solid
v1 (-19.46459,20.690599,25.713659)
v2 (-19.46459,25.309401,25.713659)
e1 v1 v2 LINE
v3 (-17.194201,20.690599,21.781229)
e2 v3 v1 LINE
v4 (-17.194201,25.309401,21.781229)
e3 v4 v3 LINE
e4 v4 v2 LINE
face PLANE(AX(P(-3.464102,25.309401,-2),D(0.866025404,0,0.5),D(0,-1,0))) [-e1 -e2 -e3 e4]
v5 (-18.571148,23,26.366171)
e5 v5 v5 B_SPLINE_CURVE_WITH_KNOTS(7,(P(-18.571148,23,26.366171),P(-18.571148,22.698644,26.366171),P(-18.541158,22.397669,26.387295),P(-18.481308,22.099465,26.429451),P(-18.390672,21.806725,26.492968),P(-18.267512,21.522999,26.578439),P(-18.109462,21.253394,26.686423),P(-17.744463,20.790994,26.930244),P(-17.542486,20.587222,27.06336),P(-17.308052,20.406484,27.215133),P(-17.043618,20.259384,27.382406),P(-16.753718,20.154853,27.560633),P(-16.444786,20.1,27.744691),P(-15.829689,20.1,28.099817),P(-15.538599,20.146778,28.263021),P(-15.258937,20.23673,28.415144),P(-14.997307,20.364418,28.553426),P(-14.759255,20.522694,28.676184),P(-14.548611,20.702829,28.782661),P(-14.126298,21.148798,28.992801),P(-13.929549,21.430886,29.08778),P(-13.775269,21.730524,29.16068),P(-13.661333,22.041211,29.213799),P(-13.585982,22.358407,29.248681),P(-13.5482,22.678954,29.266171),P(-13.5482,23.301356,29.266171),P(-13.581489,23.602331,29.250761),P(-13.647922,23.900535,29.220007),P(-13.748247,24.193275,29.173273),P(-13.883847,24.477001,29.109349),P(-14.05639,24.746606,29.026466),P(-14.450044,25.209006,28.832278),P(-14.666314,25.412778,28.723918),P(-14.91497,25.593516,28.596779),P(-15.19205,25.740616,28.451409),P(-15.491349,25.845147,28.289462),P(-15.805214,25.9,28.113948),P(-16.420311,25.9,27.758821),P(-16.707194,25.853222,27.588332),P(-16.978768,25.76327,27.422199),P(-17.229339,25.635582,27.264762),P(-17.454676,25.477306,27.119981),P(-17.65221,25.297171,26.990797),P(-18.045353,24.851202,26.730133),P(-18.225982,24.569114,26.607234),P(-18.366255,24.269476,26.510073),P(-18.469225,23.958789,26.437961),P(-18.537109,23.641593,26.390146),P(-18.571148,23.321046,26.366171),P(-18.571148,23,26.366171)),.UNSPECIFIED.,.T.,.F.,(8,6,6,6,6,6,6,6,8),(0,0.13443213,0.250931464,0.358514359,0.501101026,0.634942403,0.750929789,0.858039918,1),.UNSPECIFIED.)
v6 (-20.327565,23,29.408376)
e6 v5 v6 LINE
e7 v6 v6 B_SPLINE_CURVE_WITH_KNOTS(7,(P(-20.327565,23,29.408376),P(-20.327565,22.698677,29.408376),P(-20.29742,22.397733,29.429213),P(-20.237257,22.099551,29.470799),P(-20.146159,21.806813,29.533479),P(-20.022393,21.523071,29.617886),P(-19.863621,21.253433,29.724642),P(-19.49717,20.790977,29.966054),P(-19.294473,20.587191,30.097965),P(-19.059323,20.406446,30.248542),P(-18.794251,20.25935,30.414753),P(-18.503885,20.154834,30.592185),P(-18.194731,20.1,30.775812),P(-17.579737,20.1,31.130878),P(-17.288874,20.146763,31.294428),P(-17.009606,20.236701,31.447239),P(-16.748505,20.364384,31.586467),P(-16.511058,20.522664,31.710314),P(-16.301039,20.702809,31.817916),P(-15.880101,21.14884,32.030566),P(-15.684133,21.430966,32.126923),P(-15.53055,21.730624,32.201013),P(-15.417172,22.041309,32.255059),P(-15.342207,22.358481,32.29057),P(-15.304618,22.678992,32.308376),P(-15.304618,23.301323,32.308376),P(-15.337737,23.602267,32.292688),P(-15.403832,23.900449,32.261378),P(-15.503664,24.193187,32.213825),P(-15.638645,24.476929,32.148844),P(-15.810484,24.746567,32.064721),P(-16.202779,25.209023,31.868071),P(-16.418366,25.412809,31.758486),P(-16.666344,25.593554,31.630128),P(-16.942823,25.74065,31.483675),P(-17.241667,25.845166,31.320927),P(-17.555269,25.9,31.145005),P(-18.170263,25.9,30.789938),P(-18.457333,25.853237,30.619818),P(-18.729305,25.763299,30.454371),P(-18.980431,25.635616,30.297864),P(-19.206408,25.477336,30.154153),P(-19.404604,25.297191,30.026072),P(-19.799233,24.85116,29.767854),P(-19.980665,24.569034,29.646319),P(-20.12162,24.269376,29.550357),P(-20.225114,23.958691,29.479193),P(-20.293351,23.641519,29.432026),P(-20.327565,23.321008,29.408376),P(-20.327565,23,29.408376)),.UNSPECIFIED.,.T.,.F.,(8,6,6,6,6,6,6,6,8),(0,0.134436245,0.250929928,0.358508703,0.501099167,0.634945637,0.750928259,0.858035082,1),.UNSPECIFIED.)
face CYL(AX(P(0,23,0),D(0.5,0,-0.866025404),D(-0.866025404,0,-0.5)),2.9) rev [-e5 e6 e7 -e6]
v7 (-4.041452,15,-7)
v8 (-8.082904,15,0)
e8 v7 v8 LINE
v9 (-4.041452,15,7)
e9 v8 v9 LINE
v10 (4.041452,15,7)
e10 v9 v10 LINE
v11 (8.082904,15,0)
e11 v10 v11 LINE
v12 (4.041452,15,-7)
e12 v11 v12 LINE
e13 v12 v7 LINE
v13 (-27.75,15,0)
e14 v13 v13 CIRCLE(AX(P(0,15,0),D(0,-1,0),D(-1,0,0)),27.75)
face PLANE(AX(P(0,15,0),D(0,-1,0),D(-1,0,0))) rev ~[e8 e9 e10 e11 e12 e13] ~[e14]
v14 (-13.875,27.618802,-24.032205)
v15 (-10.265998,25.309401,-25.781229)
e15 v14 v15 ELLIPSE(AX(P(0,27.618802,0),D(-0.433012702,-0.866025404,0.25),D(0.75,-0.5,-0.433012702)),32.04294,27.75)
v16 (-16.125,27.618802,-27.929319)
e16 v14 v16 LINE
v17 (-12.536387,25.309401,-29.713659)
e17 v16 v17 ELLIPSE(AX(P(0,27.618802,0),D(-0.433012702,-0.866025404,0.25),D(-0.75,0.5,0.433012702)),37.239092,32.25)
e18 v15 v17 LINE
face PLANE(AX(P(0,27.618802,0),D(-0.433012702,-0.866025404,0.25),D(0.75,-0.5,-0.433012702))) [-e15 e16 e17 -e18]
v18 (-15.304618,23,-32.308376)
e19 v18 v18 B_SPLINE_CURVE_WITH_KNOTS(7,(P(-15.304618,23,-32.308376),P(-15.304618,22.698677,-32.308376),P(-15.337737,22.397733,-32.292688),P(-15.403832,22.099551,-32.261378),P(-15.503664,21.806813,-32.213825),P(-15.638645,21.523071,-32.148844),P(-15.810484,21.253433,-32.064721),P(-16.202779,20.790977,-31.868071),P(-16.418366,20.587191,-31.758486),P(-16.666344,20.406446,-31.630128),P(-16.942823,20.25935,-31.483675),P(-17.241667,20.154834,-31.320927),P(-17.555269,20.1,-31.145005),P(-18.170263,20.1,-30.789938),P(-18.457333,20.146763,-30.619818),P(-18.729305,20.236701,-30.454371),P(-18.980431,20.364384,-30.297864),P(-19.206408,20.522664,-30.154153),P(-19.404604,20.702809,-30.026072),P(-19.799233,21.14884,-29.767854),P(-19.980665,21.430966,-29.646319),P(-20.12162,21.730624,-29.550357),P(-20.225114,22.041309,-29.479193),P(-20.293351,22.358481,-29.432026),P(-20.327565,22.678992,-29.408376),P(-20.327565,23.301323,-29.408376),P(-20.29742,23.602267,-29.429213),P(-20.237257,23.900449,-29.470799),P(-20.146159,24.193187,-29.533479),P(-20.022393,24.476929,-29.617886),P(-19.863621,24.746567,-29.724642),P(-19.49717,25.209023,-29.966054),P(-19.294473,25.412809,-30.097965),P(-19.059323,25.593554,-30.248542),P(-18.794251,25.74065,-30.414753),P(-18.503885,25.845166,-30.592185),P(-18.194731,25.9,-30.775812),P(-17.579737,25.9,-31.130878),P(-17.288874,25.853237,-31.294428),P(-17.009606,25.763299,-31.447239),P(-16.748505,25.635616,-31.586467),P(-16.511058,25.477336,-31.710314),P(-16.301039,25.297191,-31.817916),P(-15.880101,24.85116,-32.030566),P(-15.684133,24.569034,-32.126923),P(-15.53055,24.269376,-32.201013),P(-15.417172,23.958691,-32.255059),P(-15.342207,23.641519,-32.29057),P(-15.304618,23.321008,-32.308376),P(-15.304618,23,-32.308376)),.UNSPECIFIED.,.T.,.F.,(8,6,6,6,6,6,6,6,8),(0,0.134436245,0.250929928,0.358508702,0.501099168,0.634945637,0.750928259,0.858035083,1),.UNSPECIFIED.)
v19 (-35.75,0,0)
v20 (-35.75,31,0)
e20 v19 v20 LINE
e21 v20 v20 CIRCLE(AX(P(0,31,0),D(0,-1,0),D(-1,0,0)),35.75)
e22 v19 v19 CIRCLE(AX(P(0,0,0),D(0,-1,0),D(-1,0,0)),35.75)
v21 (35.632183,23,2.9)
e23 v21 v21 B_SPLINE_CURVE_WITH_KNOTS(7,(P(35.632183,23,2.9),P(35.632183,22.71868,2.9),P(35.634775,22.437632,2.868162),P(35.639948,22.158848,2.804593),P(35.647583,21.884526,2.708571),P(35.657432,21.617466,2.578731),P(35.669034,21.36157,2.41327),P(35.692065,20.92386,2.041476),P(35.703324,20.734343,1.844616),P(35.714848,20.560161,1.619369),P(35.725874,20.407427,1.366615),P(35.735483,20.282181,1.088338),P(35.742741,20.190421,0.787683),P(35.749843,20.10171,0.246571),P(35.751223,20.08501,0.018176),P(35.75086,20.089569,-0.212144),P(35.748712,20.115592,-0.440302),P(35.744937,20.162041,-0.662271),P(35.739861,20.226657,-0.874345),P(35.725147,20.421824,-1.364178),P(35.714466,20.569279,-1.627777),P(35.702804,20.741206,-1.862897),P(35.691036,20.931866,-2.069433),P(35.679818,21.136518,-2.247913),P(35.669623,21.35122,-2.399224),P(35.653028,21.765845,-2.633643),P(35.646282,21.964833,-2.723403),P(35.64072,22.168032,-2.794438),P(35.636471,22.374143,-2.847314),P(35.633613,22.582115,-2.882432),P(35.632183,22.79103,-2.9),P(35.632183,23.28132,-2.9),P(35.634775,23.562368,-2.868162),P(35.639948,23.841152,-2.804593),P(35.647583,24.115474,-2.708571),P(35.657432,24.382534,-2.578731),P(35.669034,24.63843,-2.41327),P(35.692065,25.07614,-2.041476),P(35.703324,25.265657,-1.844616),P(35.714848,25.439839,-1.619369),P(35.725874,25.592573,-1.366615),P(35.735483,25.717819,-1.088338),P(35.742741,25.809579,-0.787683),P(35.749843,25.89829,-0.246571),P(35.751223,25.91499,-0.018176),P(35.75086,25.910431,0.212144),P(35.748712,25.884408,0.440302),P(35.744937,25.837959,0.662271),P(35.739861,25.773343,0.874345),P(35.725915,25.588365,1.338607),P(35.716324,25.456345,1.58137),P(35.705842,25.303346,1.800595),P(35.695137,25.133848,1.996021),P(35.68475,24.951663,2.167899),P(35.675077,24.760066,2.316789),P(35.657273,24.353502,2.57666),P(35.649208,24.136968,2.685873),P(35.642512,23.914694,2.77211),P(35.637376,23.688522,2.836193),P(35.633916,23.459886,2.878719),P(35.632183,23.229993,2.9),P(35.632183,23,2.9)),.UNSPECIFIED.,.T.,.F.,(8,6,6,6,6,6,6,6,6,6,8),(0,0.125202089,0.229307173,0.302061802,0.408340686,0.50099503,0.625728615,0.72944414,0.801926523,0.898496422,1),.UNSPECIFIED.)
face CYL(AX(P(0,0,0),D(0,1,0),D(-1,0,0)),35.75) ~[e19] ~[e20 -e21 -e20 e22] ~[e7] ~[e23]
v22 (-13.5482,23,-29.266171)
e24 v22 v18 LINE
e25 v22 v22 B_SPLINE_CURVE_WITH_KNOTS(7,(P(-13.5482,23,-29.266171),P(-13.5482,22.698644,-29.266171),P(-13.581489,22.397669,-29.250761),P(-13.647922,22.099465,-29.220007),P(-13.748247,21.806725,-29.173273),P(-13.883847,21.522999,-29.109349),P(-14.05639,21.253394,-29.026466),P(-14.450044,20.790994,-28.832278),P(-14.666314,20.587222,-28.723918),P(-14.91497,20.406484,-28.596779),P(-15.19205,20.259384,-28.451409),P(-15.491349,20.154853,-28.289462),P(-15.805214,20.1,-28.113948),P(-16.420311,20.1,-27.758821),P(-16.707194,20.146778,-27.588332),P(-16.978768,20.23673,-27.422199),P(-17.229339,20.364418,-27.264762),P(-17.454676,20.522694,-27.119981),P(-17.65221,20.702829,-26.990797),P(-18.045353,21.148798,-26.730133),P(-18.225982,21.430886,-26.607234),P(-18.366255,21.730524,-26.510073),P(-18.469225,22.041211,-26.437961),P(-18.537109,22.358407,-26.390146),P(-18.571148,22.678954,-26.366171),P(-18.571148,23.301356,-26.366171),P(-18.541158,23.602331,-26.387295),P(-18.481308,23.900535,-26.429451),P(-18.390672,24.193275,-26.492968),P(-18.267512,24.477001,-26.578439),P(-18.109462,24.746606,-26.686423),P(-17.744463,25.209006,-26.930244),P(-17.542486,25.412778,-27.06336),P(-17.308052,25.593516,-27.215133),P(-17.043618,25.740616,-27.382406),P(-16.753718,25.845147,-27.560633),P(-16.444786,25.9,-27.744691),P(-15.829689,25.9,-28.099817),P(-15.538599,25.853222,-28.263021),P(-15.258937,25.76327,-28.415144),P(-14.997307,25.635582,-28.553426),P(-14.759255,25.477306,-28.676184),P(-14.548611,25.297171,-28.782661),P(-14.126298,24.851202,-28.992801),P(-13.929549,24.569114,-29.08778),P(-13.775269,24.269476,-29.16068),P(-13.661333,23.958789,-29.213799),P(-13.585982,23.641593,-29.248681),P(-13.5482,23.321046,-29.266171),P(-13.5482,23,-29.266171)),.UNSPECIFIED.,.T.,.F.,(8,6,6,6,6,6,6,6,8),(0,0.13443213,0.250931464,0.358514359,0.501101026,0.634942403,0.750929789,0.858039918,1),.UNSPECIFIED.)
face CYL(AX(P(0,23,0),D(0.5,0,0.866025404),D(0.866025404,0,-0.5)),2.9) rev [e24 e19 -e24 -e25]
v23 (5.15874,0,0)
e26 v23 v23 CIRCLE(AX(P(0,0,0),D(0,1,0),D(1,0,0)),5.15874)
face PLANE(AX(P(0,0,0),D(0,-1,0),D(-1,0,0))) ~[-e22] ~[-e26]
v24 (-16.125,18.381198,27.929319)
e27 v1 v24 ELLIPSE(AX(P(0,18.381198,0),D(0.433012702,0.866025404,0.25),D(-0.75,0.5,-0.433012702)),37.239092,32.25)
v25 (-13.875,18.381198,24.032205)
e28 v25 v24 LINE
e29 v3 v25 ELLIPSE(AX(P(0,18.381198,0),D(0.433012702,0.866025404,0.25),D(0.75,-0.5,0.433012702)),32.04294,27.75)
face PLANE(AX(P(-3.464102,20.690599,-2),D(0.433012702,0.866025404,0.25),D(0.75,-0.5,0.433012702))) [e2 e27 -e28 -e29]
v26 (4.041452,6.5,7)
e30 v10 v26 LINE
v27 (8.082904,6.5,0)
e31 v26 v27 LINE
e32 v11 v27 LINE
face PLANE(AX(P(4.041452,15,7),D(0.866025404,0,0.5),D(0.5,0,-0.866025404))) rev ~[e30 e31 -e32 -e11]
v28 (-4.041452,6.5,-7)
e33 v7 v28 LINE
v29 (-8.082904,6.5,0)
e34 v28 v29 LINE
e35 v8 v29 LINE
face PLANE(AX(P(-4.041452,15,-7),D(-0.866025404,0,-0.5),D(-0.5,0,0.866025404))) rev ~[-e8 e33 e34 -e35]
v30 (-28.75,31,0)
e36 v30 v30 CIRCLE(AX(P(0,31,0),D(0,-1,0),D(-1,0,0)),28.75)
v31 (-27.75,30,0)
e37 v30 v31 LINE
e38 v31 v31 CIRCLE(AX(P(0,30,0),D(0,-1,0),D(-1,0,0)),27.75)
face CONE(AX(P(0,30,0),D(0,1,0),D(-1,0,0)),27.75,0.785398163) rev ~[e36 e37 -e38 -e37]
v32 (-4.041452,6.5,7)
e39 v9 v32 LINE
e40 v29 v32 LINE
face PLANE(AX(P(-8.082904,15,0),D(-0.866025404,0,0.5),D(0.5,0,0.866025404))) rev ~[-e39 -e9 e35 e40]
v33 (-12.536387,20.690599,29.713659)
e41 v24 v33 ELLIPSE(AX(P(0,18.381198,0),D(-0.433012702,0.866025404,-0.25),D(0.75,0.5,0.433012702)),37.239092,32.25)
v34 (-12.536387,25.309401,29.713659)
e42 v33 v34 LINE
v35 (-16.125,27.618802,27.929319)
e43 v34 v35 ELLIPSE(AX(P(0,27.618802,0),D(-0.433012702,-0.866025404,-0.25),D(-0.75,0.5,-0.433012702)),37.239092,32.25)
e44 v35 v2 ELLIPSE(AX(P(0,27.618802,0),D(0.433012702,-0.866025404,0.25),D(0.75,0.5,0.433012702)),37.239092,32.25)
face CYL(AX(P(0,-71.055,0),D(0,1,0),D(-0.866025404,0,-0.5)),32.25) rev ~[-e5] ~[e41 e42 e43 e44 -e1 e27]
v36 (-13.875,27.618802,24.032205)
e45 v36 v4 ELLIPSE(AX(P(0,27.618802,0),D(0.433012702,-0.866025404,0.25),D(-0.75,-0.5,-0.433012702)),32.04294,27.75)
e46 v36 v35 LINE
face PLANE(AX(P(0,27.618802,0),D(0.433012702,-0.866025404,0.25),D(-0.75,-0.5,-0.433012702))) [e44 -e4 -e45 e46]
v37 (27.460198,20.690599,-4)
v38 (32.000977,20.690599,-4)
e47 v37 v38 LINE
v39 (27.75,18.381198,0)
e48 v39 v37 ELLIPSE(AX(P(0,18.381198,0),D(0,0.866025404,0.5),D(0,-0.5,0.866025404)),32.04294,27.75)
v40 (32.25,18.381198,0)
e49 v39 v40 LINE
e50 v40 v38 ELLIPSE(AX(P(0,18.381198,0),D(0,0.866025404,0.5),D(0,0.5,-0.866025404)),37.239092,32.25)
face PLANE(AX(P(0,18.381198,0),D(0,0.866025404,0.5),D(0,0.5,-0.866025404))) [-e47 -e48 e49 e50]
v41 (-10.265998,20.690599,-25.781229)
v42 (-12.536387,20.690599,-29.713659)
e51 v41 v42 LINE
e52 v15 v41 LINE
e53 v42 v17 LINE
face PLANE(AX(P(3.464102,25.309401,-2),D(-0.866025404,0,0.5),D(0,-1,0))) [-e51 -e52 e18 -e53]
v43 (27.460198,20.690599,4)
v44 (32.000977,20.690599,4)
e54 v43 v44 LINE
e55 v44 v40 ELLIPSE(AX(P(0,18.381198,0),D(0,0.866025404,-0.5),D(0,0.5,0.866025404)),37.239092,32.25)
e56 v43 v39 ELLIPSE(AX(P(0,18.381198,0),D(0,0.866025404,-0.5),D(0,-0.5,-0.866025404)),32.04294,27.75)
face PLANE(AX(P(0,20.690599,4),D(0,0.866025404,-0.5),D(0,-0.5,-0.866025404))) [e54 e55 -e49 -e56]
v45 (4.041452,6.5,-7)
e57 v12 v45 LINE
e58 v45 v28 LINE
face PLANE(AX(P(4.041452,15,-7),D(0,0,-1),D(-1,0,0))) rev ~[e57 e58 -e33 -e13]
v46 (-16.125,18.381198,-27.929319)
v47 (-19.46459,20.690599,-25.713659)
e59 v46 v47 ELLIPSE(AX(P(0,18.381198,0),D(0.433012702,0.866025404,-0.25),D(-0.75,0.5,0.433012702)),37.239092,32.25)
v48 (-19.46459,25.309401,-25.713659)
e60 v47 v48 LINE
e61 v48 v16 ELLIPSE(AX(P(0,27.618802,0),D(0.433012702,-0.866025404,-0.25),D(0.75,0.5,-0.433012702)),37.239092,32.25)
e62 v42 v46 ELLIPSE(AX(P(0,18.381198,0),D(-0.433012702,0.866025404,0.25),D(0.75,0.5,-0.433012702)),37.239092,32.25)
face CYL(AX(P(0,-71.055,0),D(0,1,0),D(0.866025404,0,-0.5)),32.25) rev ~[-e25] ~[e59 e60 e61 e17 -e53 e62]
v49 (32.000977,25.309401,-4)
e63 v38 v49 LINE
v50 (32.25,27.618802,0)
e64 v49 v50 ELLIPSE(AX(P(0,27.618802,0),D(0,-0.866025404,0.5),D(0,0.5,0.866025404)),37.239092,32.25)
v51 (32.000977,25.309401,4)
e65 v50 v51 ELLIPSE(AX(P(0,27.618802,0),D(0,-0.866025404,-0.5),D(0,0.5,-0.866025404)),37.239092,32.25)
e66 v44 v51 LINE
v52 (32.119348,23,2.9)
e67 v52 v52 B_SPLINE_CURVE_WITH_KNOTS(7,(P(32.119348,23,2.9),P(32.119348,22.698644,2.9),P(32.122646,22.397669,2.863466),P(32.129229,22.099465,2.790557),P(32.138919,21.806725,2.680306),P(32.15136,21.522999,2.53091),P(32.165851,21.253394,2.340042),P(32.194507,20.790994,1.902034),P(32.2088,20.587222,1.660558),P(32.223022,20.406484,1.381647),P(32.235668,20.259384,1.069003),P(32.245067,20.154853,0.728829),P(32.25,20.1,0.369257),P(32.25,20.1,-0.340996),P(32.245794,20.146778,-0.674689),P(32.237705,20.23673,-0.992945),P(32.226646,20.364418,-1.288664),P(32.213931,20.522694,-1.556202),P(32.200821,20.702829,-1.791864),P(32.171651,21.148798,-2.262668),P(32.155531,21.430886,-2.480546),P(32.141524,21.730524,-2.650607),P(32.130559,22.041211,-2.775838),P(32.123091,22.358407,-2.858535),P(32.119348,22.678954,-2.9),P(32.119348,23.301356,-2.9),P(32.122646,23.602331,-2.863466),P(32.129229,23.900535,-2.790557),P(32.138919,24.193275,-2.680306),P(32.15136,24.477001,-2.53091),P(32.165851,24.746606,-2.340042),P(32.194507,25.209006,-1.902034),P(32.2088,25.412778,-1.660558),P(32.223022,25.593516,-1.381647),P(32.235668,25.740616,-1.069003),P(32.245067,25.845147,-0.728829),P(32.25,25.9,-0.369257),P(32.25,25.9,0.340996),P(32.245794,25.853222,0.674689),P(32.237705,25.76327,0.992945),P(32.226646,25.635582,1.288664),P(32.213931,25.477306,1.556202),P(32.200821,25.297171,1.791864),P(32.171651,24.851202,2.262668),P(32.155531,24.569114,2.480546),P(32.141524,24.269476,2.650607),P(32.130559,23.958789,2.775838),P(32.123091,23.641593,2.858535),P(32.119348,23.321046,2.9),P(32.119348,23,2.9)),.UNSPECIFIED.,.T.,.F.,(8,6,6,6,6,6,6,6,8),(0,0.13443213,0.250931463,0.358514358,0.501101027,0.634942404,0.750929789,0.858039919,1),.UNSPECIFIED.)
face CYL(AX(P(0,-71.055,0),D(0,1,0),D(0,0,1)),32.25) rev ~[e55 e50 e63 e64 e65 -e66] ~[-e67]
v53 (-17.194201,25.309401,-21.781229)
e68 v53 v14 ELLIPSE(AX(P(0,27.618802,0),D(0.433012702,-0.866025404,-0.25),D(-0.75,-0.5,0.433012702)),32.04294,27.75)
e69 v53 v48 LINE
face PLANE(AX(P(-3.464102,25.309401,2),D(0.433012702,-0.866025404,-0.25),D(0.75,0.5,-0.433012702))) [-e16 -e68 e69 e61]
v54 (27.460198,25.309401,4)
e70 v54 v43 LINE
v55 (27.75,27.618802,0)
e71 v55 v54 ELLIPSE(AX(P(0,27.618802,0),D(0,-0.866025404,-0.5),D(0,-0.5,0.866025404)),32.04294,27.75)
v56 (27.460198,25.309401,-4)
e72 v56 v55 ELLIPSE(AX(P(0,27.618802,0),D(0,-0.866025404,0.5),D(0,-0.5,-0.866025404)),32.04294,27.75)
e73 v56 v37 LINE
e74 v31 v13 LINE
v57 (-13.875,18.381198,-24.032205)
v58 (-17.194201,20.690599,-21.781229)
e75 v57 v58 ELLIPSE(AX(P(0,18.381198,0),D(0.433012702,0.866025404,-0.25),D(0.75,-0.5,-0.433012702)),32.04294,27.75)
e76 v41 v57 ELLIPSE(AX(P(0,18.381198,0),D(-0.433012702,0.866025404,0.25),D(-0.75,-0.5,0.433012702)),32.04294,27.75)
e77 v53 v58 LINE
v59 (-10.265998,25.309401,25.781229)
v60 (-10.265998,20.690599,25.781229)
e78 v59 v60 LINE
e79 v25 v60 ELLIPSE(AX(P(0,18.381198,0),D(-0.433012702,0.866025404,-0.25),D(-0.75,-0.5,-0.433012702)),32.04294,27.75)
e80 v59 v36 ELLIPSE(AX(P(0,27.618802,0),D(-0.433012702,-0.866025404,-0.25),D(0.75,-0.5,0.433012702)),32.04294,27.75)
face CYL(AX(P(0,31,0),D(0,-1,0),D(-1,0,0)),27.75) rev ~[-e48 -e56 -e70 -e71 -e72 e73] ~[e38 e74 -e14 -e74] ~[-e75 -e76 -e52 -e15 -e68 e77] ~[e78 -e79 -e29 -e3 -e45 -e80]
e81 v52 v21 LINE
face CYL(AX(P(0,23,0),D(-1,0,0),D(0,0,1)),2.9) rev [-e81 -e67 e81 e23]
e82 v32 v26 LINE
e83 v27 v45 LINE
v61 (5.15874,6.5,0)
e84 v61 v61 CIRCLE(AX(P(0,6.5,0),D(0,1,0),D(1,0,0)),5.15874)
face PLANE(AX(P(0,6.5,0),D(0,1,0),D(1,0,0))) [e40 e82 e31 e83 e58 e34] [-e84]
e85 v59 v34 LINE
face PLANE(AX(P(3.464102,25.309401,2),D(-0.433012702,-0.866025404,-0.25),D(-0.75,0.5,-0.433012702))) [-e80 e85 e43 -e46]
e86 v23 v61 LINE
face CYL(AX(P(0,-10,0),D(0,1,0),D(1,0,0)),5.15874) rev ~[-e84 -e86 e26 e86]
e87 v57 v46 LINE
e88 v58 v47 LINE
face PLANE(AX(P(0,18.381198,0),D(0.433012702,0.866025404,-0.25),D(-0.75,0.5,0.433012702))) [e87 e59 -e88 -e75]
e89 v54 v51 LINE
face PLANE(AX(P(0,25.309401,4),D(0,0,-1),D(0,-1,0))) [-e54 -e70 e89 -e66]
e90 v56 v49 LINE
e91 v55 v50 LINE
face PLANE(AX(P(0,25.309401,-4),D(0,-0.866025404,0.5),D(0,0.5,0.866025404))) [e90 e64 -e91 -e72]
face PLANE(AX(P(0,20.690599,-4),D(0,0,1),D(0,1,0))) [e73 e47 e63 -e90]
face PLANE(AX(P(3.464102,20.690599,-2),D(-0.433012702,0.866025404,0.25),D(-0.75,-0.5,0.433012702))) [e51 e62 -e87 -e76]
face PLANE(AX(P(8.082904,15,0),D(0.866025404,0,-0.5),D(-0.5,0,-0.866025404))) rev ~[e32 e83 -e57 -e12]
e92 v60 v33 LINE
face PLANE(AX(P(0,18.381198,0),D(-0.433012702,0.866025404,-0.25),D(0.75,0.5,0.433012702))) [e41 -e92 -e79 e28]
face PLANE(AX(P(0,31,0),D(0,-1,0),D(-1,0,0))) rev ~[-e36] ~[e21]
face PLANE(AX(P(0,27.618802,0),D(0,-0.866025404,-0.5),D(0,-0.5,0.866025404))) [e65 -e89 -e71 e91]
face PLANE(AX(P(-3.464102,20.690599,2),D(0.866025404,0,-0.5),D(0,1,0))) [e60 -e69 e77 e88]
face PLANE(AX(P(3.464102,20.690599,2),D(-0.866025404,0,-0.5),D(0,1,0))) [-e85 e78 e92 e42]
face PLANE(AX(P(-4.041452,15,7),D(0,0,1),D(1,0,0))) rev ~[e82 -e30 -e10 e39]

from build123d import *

# Parameters (mm, degrees)
CUT_EXTRUDE_1_REACH      = 61.305
CUT_EXTRUDE_1_END_RADIUS = 32.25
SKETCH_3_R               = 2.9
CUT_EXTRUDE_2_DEPTH      = 60.30535389
PATTERN_CIRCULAR_1_COUNT = 3
CUT_EXTRUDE_5_DEPTH      = 8.5
HOLE_WIZARD_3_8_1_D      = 10.31748
HOLE_WIZARD_3_8_1_DEPTH  = 10
HOLE_WIZARD_3_8_1_TIP    = 3.09968371
CHAMFER_1_SIZE           = 1


with BuildPart() as part:
    # 草圖1 → 旋轉1 (revolve)
    with BuildSketch(Plane.XY, mode=Mode.PRIVATE) as revolve_1_sk:
        Polygon((0, 15), (0, 0), (35.75, 0), (35.75, 31), (27.75, 31), (27.75, 15), align=None)
    revolve(revolve_1_sk.sketch.rotate(Axis((0, 38.135683761, 0), (0, -1, 0)), 180), axis=Axis((0, 38.135683761, 0), (0, -1, 0)))

    # 除料-伸長1: up to this cylinder (the profile starts inside it)
    cut_extrude_1_end = Plane(origin=(0, 23, 0), z_dir=(0, 1, 0)) * Cylinder(CUT_EXTRUDE_1_END_RADIUS, 188.11, mode=Mode.PRIVATE)
    # 草圖2 → 除料-伸長1 (cut, up to the surface)
    with BuildSketch(Plane(origin=(0, 0, 0), x_dir=(0, 0, -1), z_dir=(1, 0, 0)), mode=Mode.PRIVATE) as cut_extrude_1_sk1:
        Polygon((0, 27.618802154), (-4, 25.309401077), (-4, 20.690598923), (0, 18.381197846), (4, 20.690598923), (4, 25.309401077), align=None)
    cut_extrude_1_tool1 = extrude(cut_extrude_1_sk1.sketch, amount=CUT_EXTRUDE_1_REACH, mode=Mode.PRIVATE) & cut_extrude_1_end
    cut_extrude_1 = cut_extrude_1_tool1.solids().sort_by_distance((0, 23, 0))[0]
    add(cut_extrude_1, mode=Mode.SUBTRACT)

    # 草圖3 → 除料-伸長2 (cut, through all)
    with BuildSketch(Plane(origin=(0, 0, 0), x_dir=(0, 0, -1), z_dir=(1, 0, 0))):
        with Locations(Location((0, 23, 0), (0, 0, 180))):
            Circle(SKETCH_3_R)
    cut_extrude_2 = extrude(amount=CUT_EXTRUDE_2_DEPTH, mode=Mode.SUBTRACT)

    # 環狀複製排列1: 除料-伸長1, 除料-伸長2 ×3 about axis
    pattern_circular_1_axis = Axis((0, 0, 0), (0, 1, 0))
    add([cut_extrude_1.rotate(pattern_circular_1_axis, i * 360 / PATTERN_CIRCULAR_1_COUNT) for i in range(1, PATTERN_CIRCULAR_1_COUNT)], mode=Mode.SUBTRACT)
    add([cut_extrude_2.rotate(pattern_circular_1_axis, i * 360 / PATTERN_CIRCULAR_1_COUNT) for i in range(1, PATTERN_CIRCULAR_1_COUNT)], mode=Mode.SUBTRACT)

    # 草圖6 → 除料-伸長5 (cut)
    with BuildSketch(Plane(origin=(0, 15, 0), x_dir=(1, 0, 0), z_dir=(0, 1, 0))):
        Polygon((8.082903769, 0), (4.041451884, 7), (-4.041451884, 7), (-8.082903769, 0), (-4.041451884, -7), (4.041451884, -7), align=None)
    extrude(amount=-CUT_EXTRUDE_5_DEPTH, mode=Mode.SUBTRACT)

    # 3/8 餘隙孔1
    with Locations(Plane(origin=(0, 0, 0), x_dir=(-1, 0, 0), z_dir=(0, -1, 0))):
        with Locations((0, 0)):
            Hole(HOLE_WIZARD_3_8_1_D / 2, depth=HOLE_WIZARD_3_8_1_DEPTH)
            with Locations((0, 0, -(HOLE_WIZARD_3_8_1_DEPTH + HOLE_WIZARD_3_8_1_TIP / 2))):  # 118° drill point
                Cone(0, HOLE_WIZARD_3_8_1_D / 2, HOLE_WIZARD_3_8_1_TIP, mode=Mode.SUBTRACT)

    # 導角1
    chamfer_1_edges = [part.edges().sort_by_distance(p)[0] for p in [
        (27.75, 31, 0),
    ]]
    chamfer(chamfer_1_edges, length=CHAMFER_1_SIZE)


solid = part.part
